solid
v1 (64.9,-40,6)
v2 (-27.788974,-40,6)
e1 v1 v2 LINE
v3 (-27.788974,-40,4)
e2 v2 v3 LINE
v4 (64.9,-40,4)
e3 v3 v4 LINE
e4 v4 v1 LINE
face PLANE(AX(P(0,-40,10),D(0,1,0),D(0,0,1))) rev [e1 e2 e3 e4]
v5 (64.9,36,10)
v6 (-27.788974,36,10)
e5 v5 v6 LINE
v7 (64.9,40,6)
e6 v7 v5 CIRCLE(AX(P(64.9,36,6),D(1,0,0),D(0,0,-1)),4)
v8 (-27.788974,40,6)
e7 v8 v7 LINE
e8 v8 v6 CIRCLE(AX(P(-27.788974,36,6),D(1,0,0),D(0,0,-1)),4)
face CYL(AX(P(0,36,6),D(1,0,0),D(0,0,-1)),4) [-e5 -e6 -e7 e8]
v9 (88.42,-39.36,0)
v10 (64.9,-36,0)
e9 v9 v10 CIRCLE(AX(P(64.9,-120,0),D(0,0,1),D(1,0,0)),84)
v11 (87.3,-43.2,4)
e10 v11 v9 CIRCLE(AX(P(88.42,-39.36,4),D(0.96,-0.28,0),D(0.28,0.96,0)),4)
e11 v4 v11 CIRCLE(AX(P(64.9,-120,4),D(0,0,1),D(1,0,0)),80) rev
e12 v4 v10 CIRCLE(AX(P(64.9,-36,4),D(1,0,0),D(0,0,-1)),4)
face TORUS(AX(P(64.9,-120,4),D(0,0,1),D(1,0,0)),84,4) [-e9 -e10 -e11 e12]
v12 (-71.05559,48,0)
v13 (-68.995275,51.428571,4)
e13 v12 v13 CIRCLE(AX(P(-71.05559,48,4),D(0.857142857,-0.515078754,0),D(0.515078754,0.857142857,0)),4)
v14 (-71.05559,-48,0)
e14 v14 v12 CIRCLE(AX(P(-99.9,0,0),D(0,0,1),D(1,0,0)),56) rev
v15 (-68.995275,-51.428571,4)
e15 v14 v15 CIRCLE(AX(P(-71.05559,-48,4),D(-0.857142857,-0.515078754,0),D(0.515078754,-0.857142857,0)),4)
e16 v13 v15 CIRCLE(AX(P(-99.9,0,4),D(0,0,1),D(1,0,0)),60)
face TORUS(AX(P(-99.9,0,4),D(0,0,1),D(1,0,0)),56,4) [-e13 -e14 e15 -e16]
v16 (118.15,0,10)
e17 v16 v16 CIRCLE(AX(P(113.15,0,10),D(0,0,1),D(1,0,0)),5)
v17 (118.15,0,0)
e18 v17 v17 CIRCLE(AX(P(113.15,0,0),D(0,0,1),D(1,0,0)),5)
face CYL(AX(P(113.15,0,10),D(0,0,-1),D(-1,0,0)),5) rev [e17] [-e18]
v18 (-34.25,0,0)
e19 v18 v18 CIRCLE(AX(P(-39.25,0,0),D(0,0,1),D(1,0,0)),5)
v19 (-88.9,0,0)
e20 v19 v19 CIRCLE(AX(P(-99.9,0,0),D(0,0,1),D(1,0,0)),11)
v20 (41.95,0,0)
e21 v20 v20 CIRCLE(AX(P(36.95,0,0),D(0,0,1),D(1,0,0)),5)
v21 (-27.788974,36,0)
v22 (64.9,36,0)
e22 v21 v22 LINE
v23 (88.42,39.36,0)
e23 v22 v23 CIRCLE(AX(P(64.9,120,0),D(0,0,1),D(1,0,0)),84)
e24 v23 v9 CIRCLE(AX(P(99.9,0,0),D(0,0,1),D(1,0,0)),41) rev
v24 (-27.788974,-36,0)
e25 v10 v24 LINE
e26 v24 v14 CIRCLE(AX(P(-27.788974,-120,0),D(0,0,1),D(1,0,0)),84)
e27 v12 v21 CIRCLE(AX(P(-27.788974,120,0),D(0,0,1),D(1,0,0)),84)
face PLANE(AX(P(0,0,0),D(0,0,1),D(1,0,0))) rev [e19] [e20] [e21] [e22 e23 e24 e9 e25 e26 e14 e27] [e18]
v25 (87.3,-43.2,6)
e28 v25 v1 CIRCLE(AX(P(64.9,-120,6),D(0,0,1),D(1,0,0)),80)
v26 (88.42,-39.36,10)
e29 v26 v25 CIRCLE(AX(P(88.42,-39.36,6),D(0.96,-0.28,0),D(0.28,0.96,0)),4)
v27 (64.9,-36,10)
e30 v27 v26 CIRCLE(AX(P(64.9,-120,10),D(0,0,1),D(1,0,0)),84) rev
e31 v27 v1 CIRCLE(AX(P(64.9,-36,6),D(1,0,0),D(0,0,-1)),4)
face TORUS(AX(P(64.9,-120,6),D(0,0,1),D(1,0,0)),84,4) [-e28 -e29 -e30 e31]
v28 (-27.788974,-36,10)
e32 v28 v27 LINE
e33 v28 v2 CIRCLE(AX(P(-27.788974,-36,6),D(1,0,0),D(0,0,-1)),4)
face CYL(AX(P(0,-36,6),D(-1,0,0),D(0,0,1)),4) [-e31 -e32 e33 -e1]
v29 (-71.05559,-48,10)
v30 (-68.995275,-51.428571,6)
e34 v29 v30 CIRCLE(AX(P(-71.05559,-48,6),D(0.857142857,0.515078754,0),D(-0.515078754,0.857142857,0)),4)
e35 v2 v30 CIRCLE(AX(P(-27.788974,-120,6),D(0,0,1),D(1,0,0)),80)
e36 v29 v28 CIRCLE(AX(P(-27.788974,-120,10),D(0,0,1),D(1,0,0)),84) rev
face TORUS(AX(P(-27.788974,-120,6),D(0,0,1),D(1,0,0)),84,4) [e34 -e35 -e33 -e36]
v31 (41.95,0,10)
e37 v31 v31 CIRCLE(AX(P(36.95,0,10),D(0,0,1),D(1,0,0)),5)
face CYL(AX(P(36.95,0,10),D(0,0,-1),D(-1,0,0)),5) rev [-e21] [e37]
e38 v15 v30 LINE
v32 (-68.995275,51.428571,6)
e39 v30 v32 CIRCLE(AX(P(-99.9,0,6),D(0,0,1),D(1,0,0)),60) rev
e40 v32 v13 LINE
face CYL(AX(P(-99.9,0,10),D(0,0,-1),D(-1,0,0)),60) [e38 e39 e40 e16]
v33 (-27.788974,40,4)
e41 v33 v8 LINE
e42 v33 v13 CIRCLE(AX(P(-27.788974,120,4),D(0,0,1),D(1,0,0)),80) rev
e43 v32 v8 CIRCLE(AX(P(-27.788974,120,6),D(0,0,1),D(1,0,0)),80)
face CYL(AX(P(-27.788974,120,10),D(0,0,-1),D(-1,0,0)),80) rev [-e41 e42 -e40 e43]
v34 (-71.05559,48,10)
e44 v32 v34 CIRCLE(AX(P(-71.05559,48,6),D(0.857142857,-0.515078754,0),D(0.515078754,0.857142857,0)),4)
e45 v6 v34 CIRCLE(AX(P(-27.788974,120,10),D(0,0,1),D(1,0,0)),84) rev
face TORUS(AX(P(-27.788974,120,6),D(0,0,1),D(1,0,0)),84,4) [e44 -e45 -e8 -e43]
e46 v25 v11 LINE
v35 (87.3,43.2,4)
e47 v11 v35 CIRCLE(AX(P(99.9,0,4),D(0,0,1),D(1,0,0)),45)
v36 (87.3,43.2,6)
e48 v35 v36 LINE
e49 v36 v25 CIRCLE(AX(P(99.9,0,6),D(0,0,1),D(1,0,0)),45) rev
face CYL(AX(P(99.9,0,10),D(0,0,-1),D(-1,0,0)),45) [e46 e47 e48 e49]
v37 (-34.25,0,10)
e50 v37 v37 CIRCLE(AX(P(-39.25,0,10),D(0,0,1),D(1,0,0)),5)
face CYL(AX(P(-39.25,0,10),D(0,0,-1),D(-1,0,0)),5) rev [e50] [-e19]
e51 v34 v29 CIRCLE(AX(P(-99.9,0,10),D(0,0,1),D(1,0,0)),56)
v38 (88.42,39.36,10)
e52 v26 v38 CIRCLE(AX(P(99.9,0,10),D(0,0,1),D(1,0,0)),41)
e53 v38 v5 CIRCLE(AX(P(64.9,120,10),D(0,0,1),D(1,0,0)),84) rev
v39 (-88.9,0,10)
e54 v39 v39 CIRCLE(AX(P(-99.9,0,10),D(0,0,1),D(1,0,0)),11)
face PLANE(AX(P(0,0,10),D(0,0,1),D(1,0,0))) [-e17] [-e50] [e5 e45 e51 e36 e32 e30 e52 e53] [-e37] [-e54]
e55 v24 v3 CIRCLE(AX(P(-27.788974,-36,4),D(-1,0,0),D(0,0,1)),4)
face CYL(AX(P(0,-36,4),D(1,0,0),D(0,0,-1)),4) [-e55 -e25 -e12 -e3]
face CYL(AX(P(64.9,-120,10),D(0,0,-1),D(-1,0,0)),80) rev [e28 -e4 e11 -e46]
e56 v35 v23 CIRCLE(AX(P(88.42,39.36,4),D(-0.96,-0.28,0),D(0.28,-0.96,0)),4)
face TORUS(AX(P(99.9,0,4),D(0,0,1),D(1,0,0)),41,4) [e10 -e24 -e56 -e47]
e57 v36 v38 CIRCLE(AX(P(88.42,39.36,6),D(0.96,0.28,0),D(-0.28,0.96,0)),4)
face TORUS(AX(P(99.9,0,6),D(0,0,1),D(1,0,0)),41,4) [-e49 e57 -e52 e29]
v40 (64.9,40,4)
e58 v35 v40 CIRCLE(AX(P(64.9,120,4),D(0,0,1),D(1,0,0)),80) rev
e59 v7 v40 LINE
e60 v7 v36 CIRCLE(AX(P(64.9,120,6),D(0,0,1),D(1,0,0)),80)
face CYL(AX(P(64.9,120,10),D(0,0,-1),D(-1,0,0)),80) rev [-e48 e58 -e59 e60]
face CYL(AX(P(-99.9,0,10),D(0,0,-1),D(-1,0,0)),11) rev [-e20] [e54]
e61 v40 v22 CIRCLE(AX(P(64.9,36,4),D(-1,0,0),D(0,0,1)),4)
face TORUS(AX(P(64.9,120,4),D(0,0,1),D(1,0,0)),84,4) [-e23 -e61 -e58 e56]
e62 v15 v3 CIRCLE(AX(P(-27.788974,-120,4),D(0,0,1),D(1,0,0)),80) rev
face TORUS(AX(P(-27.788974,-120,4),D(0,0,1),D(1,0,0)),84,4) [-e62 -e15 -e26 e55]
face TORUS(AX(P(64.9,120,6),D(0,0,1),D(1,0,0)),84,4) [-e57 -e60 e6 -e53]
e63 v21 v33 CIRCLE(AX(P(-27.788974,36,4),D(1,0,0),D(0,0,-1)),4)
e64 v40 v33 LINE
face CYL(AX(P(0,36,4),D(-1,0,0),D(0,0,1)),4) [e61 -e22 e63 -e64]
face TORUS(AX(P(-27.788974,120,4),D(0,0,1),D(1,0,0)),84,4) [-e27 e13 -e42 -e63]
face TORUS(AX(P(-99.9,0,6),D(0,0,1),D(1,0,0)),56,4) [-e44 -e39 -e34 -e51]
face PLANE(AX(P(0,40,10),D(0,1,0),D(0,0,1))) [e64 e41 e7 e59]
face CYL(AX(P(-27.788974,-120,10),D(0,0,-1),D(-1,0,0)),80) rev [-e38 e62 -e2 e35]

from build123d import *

# Parameters (mm, degrees)
SKETCH1_R           = 11
SKETCH1_R_2         = 5
BOSS_EXTRUDE1_DEPTH = 10
FILLET1_R           = 80
FILLET2_R           = 4


with BuildPart() as part:
    # Sketch1 → Boss-Extrude1 (new body)
    with BuildSketch(Plane.XY):
        with BuildLine():
            ThreePointArc((-55.17864045, 40), (-159.9, 0), (-55.17864045, -40))
            Line((-55.17864045, -40), (79.284471872, -40))
            ThreePointArc((79.284471872, -40), (144.9, 0), (79.284471872, 40))
            Line((79.284471872, 40), (-55.17864045, 40))
        make_face()
        with Locations((-99.9, 0)):
            Circle(SKETCH1_R, mode=Mode.SUBTRACT)
        with Locations((-39.25, 0)):
            Circle(SKETCH1_R_2, mode=Mode.SUBTRACT)
        with Locations((36.95, 0)):
            Circle(SKETCH1_R_2, mode=Mode.SUBTRACT)
        with Locations((113.15, 0)):
            Circle(SKETCH1_R_2, mode=Mode.SUBTRACT)
    extrude(amount=BOSS_EXTRUDE1_DEPTH)

    # Fillet1
    fillet1_edges = [part.edges().sort_by_distance(p)[0] for p in [
        (79.284471872, 40, 5),
        (79.284471872, -40, 5),
        (-55.17864045, -40, 5),
        (-55.17864045, 40, 5),
    ]]
    fillet(fillet1_edges, radius=FILLET1_R)

    # Fillet2
    fillet2_edges = [part.edges().sort_by_distance(p)[0] for p in [
        (18.555512755, -40, 0),
        (18.555512755, -40, 10),
        (-159.9, 0, 0),
        (-159.9, 0, 10),
        (18.555512755, 40, 0),
        (18.555512755, 40, 10),
        (144.9, 0, 0),
        (144.9, 0, 10),
        (-49.169873844, -42.910071067, 0),
        (-49.169873844, -42.910071067, 10),
        (-49.169873844, 42.910071067, 0),
        (-49.169873844, 42.910071067, 10),
        (76.213708499, -40.804040507, 0),
        (76.213708499, -40.804040507, 10),
        (76.213708499, 40.804040507, 0),
        (76.213708499, 40.804040507, 10),
    ]]
    fillet(fillet2_edges, radius=FILLET2_R)


solid = part.part
